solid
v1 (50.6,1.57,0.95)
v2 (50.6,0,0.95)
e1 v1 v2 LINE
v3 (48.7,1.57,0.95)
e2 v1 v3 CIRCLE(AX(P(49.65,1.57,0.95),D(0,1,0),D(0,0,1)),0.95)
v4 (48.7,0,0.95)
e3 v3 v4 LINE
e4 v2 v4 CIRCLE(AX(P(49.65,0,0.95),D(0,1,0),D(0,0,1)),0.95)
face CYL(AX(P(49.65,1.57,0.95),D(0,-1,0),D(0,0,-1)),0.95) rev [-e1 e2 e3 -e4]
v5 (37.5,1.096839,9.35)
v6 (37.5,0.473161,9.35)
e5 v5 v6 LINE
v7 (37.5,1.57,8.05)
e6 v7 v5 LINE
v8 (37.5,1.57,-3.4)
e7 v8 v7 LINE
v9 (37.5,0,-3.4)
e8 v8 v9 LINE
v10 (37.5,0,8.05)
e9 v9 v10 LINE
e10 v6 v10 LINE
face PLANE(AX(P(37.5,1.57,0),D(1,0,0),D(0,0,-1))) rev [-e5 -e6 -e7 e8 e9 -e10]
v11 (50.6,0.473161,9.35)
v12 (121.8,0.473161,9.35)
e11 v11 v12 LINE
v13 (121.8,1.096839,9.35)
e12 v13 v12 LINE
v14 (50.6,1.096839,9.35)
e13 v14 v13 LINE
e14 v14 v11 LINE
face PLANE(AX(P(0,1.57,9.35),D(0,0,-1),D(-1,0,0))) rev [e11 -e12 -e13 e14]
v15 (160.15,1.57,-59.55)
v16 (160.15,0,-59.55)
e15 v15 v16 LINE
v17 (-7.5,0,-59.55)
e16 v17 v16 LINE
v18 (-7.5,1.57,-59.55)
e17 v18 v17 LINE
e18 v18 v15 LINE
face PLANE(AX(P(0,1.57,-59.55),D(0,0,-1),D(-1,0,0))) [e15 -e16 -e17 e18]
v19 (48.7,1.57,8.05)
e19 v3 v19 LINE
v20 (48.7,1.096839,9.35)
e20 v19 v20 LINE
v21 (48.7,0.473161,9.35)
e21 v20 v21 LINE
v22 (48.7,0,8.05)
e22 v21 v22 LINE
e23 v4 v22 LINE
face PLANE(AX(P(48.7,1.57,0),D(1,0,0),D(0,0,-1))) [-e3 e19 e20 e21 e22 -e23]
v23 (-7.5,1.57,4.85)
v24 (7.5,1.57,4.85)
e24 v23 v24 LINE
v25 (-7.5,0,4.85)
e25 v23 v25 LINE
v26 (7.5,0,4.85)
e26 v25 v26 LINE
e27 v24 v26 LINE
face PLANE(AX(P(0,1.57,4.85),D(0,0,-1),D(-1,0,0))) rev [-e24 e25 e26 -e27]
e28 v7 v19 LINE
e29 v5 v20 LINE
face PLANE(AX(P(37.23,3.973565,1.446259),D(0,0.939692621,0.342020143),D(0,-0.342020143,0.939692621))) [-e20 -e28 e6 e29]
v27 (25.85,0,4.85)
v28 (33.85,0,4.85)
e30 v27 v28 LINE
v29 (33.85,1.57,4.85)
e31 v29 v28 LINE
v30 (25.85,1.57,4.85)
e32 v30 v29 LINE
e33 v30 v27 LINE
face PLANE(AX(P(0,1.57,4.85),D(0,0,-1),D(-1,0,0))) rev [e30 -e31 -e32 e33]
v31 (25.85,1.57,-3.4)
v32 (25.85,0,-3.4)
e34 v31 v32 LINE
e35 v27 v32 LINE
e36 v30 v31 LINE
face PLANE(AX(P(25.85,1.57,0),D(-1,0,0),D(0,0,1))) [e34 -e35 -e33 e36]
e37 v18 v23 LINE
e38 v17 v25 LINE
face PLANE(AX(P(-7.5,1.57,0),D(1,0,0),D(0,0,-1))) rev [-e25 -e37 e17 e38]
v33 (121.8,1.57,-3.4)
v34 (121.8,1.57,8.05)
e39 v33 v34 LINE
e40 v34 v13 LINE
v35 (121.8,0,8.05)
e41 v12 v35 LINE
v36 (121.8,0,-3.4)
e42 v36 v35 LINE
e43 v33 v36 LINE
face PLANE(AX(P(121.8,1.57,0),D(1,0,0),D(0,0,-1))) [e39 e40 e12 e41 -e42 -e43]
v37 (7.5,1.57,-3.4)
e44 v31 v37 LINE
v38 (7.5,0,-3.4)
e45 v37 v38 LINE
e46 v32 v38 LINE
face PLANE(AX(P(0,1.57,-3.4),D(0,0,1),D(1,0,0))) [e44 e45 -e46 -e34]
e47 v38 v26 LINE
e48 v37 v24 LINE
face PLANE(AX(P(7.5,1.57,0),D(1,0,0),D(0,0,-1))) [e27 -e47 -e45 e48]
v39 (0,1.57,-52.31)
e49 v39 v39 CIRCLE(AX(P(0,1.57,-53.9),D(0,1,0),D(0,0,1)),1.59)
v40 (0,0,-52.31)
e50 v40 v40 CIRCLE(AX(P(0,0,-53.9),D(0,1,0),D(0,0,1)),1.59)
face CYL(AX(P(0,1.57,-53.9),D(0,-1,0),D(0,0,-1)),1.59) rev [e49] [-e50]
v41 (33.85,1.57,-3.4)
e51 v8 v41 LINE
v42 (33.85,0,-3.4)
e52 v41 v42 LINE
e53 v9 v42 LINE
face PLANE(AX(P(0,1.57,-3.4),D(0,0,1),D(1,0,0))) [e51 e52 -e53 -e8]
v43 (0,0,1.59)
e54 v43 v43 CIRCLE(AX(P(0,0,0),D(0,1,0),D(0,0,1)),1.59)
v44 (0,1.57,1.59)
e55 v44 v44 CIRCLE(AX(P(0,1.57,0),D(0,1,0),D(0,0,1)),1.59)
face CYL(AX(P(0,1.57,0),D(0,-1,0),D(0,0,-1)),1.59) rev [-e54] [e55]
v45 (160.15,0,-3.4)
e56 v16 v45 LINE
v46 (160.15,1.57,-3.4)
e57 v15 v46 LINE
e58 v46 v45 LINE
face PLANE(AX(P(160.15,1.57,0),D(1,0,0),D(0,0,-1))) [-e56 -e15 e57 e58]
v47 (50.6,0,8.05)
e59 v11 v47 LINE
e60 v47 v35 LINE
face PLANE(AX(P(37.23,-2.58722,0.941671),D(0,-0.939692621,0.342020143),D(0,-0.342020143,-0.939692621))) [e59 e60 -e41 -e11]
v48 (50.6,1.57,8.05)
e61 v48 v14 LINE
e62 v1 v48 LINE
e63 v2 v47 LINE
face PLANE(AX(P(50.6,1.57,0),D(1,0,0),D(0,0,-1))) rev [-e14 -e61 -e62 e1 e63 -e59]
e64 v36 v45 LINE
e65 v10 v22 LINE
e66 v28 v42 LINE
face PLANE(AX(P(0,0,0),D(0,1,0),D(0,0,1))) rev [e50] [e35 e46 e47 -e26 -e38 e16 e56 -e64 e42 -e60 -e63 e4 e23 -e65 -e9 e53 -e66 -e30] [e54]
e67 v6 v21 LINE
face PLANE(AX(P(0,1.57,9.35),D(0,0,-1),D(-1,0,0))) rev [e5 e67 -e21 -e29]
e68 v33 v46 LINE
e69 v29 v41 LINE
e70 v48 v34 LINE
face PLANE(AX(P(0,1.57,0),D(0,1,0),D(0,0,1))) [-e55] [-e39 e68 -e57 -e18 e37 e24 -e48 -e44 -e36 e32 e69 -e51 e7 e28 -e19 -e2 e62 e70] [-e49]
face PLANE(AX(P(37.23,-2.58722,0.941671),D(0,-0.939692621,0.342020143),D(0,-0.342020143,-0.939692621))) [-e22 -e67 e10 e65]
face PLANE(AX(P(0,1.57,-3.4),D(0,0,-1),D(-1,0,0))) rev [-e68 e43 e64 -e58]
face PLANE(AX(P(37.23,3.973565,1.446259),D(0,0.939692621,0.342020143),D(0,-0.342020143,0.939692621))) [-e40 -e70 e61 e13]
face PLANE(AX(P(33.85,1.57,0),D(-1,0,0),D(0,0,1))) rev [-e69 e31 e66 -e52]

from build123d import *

# Parameters (mm, degrees)
SKETCH_1_R          = 1.59
EXTRUDE_1_DEPTH     = 1.57
CUT_EXTRUDE_1_DEPTH = 84.57


with BuildPart() as part:
    # 草图1 → 凸台-拉伸1 (new body)
    with BuildSketch(Plane(origin=(0, 0, 0), x_dir=(1, 0, 0), z_dir=(0, 1, 0))):
        with BuildLine():
            ThreePointArc((50.6, -0.95), (49.65, 0), (48.7, -0.95))
            Line((48.7, -0.95), (48.7, -9.35))
            Line((48.7, -9.35), (37.5, -9.35))
            Line((37.5, -9.35), (37.5, 3.4))
            Line((37.5, 3.4), (33.85, 3.4))
            Line((33.85, 3.4), (33.85, -4.85))
            Line((33.85, -4.85), (25.85, -4.85))
            Line((25.85, -4.85), (25.85, 3.4))
            Line((25.85, 3.4), (7.5, 3.4))
            Line((7.5, 3.4), (7.5, -4.85))
            Line((7.5, -4.85), (-7.5, -4.85))
            Line((-7.5, -4.85), (-7.5, 4.85))
            Line((-7.5, 4.85), (-7.5, 48.85))
            Line((-7.5, 48.85), (-7.5, 59.55))
            Line((-7.5, 59.55), (160.15, 59.55))
            Line((160.15, 59.55), (160.15, 3.4))
            Line((160.15, 3.4), (121.8, 3.4))
            Line((121.8, 3.4), (121.8, -9.35))
            Line((121.8, -9.35), (50.6, -9.35))
            Line((50.6, -9.35), (50.6, -0.95))
        make_face()
        with Locations(Location((0, 53.9, 0), (0, 0, 270))):
            Circle(SKETCH_1_R, mode=Mode.SUBTRACT)
        with Locations(Location((0, 0, 0), (0, 0, 270))):
            Circle(SKETCH_1_R, mode=Mode.SUBTRACT)
    extrude(amount=EXTRUDE_1_DEPTH)

    # 草图2 → 切除-拉伸1 (cut)
    with BuildSketch(Plane(origin=(121.8, 0, 0), x_dir=(0, 0, -1), z_dir=(1, 0, 0))):
        Polygon((-9.35, 1.096838695), (-8.05, 1.57), (-9.35, 1.57), align=None)
        Polygon((-8.05, 0), (-9.35, 0.473161305), (-9.35, 0), align=None)
    extrude(amount=-CUT_EXTRUDE_1_DEPTH, mode=Mode.SUBTRACT)


solid = part.part
